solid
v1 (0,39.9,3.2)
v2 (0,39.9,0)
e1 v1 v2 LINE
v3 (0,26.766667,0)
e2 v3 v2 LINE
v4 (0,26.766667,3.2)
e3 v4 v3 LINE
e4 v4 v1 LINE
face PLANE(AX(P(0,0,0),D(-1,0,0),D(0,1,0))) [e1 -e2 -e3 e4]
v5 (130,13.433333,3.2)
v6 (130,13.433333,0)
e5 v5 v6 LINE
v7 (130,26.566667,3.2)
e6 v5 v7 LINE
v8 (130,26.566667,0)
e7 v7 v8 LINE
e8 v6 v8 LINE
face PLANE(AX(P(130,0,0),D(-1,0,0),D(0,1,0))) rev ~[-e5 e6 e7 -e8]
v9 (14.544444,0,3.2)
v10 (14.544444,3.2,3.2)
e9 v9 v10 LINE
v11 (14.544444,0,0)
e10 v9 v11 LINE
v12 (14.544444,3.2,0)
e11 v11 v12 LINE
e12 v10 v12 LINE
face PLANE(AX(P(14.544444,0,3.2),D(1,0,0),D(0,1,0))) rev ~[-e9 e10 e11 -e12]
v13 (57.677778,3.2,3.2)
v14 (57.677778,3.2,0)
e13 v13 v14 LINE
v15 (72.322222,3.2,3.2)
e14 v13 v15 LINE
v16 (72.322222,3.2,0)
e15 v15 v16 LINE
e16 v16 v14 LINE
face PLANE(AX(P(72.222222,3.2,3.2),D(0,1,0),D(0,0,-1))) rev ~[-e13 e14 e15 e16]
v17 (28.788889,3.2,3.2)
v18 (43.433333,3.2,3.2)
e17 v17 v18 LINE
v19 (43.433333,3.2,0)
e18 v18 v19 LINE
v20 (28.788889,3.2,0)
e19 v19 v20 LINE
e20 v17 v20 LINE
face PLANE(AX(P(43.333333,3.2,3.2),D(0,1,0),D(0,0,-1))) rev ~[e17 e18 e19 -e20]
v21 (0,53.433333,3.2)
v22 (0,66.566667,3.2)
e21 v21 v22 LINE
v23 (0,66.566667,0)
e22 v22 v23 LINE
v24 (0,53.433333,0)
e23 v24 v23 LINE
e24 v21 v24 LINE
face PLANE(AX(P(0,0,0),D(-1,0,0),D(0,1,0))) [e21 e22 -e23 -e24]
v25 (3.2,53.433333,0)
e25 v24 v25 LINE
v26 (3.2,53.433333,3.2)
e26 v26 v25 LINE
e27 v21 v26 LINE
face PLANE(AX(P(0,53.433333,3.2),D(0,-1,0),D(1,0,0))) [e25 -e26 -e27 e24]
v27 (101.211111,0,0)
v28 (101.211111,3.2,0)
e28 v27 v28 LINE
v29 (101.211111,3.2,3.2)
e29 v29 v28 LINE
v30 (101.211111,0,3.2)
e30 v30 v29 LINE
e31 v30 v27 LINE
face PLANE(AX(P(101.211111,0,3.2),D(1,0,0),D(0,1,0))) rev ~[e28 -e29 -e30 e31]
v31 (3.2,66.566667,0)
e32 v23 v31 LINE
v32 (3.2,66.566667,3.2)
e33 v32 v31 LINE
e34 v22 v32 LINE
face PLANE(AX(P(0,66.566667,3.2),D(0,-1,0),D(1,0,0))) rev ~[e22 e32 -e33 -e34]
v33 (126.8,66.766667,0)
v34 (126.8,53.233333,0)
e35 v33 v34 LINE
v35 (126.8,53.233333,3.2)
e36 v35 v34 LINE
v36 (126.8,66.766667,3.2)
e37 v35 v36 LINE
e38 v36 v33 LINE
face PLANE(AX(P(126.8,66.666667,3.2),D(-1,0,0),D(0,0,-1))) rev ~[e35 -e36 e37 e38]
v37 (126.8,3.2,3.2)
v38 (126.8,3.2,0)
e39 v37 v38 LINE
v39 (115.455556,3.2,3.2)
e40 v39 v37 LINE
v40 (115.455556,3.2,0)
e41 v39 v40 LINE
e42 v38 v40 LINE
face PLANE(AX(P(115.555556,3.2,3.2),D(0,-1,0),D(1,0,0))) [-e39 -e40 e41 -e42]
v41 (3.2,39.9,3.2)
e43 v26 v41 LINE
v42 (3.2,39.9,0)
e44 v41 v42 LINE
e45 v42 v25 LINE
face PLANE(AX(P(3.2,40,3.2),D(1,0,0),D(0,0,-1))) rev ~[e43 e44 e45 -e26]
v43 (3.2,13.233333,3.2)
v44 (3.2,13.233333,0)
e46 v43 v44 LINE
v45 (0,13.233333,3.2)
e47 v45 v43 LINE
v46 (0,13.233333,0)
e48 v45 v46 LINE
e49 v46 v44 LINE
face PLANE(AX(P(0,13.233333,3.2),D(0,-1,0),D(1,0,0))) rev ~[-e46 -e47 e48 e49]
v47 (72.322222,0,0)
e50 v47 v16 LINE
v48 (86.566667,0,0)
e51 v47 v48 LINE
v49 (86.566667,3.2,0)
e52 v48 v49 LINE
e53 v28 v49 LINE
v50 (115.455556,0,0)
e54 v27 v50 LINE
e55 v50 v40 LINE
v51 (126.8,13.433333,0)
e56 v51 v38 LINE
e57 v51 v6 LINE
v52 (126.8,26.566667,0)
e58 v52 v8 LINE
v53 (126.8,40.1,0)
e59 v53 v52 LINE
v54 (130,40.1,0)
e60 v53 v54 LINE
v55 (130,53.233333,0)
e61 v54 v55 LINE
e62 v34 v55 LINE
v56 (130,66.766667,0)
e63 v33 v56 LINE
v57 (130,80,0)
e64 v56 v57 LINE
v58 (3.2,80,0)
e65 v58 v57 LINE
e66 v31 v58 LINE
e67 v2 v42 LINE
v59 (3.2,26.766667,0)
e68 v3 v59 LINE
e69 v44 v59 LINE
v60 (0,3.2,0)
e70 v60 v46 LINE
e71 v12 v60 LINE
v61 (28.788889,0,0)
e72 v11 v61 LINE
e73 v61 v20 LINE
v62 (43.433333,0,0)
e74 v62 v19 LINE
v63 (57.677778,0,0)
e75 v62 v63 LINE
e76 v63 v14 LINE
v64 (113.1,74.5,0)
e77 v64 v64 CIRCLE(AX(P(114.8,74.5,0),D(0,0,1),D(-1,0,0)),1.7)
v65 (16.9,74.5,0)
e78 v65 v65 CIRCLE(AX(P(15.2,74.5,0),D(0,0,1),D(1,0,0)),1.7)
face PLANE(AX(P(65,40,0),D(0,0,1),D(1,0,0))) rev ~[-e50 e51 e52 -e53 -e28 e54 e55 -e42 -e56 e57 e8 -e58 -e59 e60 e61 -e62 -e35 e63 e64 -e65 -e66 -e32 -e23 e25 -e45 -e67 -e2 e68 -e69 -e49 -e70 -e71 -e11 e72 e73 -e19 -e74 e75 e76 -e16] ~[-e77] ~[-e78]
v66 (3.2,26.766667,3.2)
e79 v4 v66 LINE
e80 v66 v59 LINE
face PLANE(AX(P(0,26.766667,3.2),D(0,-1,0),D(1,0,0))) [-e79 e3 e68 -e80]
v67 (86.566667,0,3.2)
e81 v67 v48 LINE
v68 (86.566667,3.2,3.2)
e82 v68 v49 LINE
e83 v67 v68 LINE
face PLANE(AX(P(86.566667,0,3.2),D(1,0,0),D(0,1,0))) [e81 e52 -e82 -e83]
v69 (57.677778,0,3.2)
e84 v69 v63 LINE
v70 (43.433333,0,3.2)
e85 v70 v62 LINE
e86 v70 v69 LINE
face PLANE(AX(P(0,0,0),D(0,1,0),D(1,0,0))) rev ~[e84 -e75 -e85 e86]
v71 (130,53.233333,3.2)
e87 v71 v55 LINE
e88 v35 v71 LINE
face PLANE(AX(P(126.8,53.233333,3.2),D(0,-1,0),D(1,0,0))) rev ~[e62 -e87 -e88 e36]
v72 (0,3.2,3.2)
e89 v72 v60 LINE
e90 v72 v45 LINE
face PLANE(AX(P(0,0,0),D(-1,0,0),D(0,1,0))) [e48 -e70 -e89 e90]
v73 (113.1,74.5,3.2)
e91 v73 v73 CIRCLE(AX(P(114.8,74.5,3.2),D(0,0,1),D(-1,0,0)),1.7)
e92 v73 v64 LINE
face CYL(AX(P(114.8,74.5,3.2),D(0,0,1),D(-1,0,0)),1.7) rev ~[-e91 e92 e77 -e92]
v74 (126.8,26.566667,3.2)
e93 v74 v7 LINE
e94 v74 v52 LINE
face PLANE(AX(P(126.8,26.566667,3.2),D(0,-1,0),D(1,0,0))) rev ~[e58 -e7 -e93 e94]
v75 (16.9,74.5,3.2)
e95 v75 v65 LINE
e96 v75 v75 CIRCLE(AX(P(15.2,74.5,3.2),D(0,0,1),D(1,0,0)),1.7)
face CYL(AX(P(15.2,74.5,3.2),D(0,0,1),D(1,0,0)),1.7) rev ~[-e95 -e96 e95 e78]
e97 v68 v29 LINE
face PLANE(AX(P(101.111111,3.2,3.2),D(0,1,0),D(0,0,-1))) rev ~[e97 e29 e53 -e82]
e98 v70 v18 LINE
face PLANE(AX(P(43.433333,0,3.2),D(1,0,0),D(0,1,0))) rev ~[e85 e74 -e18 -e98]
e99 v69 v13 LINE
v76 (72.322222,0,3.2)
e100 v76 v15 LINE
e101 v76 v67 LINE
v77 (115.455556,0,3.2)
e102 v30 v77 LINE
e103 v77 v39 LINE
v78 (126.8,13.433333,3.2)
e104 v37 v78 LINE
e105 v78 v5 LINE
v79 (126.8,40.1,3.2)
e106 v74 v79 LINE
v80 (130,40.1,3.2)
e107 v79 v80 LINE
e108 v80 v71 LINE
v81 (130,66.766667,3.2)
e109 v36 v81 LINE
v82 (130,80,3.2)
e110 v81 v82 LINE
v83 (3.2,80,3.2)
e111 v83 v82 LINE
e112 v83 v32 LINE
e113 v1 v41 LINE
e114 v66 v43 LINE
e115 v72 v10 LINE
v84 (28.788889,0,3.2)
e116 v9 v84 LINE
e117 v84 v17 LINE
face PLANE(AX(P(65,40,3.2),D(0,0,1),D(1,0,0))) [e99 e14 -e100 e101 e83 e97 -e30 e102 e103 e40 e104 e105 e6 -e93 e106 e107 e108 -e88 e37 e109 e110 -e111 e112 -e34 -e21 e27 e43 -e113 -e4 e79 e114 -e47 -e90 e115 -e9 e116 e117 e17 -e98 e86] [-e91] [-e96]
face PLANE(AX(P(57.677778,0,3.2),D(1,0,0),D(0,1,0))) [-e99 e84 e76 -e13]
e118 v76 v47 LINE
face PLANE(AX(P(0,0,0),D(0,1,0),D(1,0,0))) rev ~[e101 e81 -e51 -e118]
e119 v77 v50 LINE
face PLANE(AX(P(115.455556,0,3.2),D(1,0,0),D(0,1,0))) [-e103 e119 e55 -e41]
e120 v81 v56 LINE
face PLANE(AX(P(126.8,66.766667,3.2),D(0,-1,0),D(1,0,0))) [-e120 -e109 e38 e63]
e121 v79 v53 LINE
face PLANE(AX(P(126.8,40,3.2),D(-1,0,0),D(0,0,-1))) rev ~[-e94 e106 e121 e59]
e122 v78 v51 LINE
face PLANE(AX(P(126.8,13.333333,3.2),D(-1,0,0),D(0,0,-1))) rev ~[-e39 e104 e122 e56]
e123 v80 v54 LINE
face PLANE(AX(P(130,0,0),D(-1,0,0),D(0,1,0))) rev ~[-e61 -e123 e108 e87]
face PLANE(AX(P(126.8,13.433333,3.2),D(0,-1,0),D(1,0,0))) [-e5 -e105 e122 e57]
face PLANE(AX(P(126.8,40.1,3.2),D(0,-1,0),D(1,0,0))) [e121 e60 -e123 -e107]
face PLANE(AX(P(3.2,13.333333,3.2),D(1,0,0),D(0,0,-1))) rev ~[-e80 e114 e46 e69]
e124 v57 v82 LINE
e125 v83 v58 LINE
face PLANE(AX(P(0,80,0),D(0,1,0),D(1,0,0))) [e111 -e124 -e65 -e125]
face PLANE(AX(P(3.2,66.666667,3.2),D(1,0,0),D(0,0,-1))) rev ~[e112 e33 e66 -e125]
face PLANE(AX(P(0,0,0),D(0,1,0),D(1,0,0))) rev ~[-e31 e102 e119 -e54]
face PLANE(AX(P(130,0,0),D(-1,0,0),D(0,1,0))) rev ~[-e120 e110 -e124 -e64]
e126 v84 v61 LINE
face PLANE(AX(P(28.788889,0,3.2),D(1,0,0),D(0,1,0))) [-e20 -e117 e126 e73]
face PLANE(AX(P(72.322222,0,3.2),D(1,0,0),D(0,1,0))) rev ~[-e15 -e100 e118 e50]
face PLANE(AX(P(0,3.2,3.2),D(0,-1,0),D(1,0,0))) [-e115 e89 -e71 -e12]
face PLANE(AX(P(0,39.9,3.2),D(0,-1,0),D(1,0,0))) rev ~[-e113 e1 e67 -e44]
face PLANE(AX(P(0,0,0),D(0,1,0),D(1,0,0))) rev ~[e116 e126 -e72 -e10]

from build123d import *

# Parameters (mm, degrees)
SKETCH1_W           = 130
SKETCH1_H           = 80
BOSS_EXTRUDE1_DEPTH = 3.2
SKETCH2_W           = 14.444444444
SKETCH2_H           = 3.2
SKETCH2_W_2         = 3.2
SKETCH2_H_2         = 13.333333334
SKETCH2_H_3         = 13.333333333
CUT_EXTRUDE1_DEPTH  = 153.676913775
MOVE_FACE1_BY       = 0.1
MOVE_FACE1_2_BY     = 0.1
MOVE_FACE1_3_BY     = 0.1
MOVE_FACE1_4_BY     = 0.1
MOVE_FACE1_5_BY     = 0.1
MOVE_FACE1_6_BY     = 0.1
MOVE_FACE1_7_BY     = 0.1
MOVE_FACE1_8_BY     = 0.1
MOVE_FACE1_9_BY     = 0.1
MOVE_FACE1_10_BY    = 0.1
MOVE_FACE1_11_BY    = 0.1
MOVE_FACE1_12_BY    = 0.1
MOVE_FACE1_13_BY    = 0.1
MOVE_FACE1_14_BY    = 0.1
MOVE_FACE1_15_BY    = 0.1
MOVE_FACE1_16_BY    = 0.1
MOVE_FACE1_17_BY    = 0.1
MOVE_FACE1_18_BY    = 0.1
CUT_EXTRUDE2_REACH  = 154.677
SKETCH3_R           = 1.7


with BuildPart() as part:
    # Sketch1 → Boss-Extrude1 (new body)
    with BuildSketch(Plane.XY):
        with Locations((65, 40)):
            Rectangle(SKETCH1_W, SKETCH1_H)
    extrude(amount=BOSS_EXTRUDE1_DEPTH)

    # Sketch2 → Cut-Extrude1 (cut, through all)
    with BuildSketch(Plane.XY.offset(3.2)):
        with Locations((7.222222222, 1.6)):
            Rectangle(SKETCH2_W, SKETCH2_H)
        with Locations((36.111111111, 1.6)):
            Rectangle(SKETCH2_W, SKETCH2_H)
        with Locations((65, 1.6)):
            Rectangle(SKETCH2_W, SKETCH2_H)
        with Locations((93.888888889, 1.6)):
            Rectangle(SKETCH2_W, SKETCH2_H)
        Polygon((115.555555556, 0), (115.555555556, 3.2), (126.8, 3.2), (126.8, 13.333333333), (130, 13.333333333), (130, 0), align=None)
        with Locations((1.6, 20)):
            Rectangle(SKETCH2_W_2, SKETCH2_H_2)
        with Locations((1.6, 46.666666667)):
            Rectangle(SKETCH2_W_2, SKETCH2_H_3)
        with Locations((1.6, 73.333333334)):
            Rectangle(SKETCH2_W_2, SKETCH2_H_3)
        with Locations((128.4, 33.333333334)):
            Rectangle(SKETCH2_W_2, SKETCH2_H_3)
        with Locations((128.4, 60)):
            Rectangle(SKETCH2_W_2, SKETCH2_H_2)
    extrude(amount=-CUT_EXTRUDE1_DEPTH, mode=Mode.SUBTRACT)

    # Move Face1: a face moved inward by 0.1
    extrude(part.faces().sort_by_distance((128.4, 53.333333333, 1.6))[0], amount=MOVE_FACE1_BY, dir=(0, -1, 0), mode=Mode.SUBTRACT)

    # Move Face1 2: a face moved inward by 0.1
    extrude(part.faces().sort_by_distance((128.4, 26.666666667, 1.6))[0], amount=MOVE_FACE1_2_BY, dir=(0, -1, 0), mode=Mode.SUBTRACT)

    # Move Face1 3: a face moved inward by 0.1
    extrude(part.faces().sort_by_distance((128.4, 13.333333333, 1.6))[0], amount=MOVE_FACE1_3_BY, dir=(0, 1, 0), mode=Mode.SUBTRACT)

    # Move Face1 4: a face moved inward by 0.1
    extrude(part.faces().sort_by_distance((128.4, 40, 1.6))[0], amount=MOVE_FACE1_4_BY, dir=(0, 1, 0), mode=Mode.SUBTRACT)

    # Move Face1 5: a face moved inward by 0.1
    extrude(part.faces().sort_by_distance((128.4, 66.666666667, 1.6))[0], amount=MOVE_FACE1_5_BY, dir=(0, 1, 0), mode=Mode.SUBTRACT)

    # Move Face1 6: a face moved inward by 0.1
    extrude(part.faces().sort_by_distance((115.555555556, 1.6, 1.6))[0], amount=MOVE_FACE1_6_BY, dir=(-1, 0, 0), mode=Mode.SUBTRACT)

    # Move Face1 7: a face moved inward by 0.1
    extrude(part.faces().sort_by_distance((86.666666667, 1.6, 1.6))[0], amount=MOVE_FACE1_7_BY, dir=(-1, 0, 0), mode=Mode.SUBTRACT)

    # Move Face1 8: a face moved inward by 0.1
    extrude(part.faces().sort_by_distance((57.777777778, 1.6, 1.6))[0], amount=MOVE_FACE1_8_BY, dir=(-1, 0, 0), mode=Mode.SUBTRACT)

    # Move Face1 9: a face moved inward by 0.1
    extrude(part.faces().sort_by_distance((28.888888889, 1.6, 1.6))[0], amount=MOVE_FACE1_9_BY, dir=(-1, 0, 0), mode=Mode.SUBTRACT)

    # Move Face1 10: a face moved inward by 0.1
    extrude(part.faces().sort_by_distance((14.444444444, 1.6, 1.6))[0], amount=MOVE_FACE1_10_BY, dir=(1, 0, 0), mode=Mode.SUBTRACT)

    # Move Face1 11: a face moved inward by 0.1
    extrude(part.faces().sort_by_distance((43.333333333, 1.6, 1.6))[0], amount=MOVE_FACE1_11_BY, dir=(1, 0, 0), mode=Mode.SUBTRACT)

    # Move Face1 12: a face moved inward by 0.1
    extrude(part.faces().sort_by_distance((72.222222222, 1.6, 1.6))[0], amount=MOVE_FACE1_12_BY, dir=(1, 0, 0), mode=Mode.SUBTRACT)

    # Move Face1 13: a face moved inward by 0.1
    extrude(part.faces().sort_by_distance((101.111111111, 1.6, 1.6))[0], amount=MOVE_FACE1_13_BY, dir=(1, 0, 0), mode=Mode.SUBTRACT)

    # Move Face1 14: a face moved inward by 0.1
    extrude(part.faces().sort_by_distance((1.6, 26.666666667, 1.6))[0], amount=MOVE_FACE1_14_BY, dir=(0, 1, 0), mode=Mode.SUBTRACT)

    # Move Face1 15: a face moved inward by 0.1
    extrude(part.faces().sort_by_distance((1.6, 13.333333333, 1.6))[0], amount=MOVE_FACE1_15_BY, dir=(0, -1, 0), mode=Mode.SUBTRACT)

    # Move Face1 16: a face moved inward by 0.1
    extrude(part.faces().sort_by_distance((1.6, 40, 1.6))[0], amount=MOVE_FACE1_16_BY, dir=(0, -1, 0), mode=Mode.SUBTRACT)

    # Move Face1 17: a face moved inward by 0.1
    extrude(part.faces().sort_by_distance((1.6, 53.333333333, 1.6))[0], amount=MOVE_FACE1_17_BY, dir=(0, 1, 0), mode=Mode.SUBTRACT)

    # Move Face1 18: a face moved inward by 0.1
    extrude(part.faces().sort_by_distance((1.6, 66.666666667, 1.6))[0], amount=MOVE_FACE1_18_BY, dir=(0, -1, 0), mode=Mode.SUBTRACT)

    # Sketch3 → Cut-Extrude2 (cut, up to next)
    with BuildSketch(Plane.XY.offset(3.2), mode=Mode.PRIVATE) as cut_extrude2_sk1:
        with Locations((15.2, 74.5)):
            Circle(SKETCH3_R)
    cut_extrude2_tool1 = extrude(cut_extrude2_sk1.sketch, amount=-CUT_EXTRUDE2_REACH, mode=Mode.PRIVATE) & part.part
    # Sketch3 → Cut-Extrude2 (cut, up to next)
    with BuildSketch(Plane.XY.offset(3.2), mode=Mode.PRIVATE) as cut_extrude2_sk2:
        with Locations(Location((114.8, 74.5, 0), (0, 0, 180))):
            Circle(SKETCH3_R)
    cut_extrude2_tool2 = extrude(cut_extrude2_sk2.sketch, amount=-CUT_EXTRUDE2_REACH, mode=Mode.PRIVATE) & part.part
    add(cut_extrude2_tool1.solids().sort_by_distance((15.2, 74.5, 3.2))[0], mode=Mode.SUBTRACT)
    add(cut_extrude2_tool2.solids().sort_by_distance((114.8, 74.5, 3.2))[0], mode=Mode.SUBTRACT)


solid = part.part
